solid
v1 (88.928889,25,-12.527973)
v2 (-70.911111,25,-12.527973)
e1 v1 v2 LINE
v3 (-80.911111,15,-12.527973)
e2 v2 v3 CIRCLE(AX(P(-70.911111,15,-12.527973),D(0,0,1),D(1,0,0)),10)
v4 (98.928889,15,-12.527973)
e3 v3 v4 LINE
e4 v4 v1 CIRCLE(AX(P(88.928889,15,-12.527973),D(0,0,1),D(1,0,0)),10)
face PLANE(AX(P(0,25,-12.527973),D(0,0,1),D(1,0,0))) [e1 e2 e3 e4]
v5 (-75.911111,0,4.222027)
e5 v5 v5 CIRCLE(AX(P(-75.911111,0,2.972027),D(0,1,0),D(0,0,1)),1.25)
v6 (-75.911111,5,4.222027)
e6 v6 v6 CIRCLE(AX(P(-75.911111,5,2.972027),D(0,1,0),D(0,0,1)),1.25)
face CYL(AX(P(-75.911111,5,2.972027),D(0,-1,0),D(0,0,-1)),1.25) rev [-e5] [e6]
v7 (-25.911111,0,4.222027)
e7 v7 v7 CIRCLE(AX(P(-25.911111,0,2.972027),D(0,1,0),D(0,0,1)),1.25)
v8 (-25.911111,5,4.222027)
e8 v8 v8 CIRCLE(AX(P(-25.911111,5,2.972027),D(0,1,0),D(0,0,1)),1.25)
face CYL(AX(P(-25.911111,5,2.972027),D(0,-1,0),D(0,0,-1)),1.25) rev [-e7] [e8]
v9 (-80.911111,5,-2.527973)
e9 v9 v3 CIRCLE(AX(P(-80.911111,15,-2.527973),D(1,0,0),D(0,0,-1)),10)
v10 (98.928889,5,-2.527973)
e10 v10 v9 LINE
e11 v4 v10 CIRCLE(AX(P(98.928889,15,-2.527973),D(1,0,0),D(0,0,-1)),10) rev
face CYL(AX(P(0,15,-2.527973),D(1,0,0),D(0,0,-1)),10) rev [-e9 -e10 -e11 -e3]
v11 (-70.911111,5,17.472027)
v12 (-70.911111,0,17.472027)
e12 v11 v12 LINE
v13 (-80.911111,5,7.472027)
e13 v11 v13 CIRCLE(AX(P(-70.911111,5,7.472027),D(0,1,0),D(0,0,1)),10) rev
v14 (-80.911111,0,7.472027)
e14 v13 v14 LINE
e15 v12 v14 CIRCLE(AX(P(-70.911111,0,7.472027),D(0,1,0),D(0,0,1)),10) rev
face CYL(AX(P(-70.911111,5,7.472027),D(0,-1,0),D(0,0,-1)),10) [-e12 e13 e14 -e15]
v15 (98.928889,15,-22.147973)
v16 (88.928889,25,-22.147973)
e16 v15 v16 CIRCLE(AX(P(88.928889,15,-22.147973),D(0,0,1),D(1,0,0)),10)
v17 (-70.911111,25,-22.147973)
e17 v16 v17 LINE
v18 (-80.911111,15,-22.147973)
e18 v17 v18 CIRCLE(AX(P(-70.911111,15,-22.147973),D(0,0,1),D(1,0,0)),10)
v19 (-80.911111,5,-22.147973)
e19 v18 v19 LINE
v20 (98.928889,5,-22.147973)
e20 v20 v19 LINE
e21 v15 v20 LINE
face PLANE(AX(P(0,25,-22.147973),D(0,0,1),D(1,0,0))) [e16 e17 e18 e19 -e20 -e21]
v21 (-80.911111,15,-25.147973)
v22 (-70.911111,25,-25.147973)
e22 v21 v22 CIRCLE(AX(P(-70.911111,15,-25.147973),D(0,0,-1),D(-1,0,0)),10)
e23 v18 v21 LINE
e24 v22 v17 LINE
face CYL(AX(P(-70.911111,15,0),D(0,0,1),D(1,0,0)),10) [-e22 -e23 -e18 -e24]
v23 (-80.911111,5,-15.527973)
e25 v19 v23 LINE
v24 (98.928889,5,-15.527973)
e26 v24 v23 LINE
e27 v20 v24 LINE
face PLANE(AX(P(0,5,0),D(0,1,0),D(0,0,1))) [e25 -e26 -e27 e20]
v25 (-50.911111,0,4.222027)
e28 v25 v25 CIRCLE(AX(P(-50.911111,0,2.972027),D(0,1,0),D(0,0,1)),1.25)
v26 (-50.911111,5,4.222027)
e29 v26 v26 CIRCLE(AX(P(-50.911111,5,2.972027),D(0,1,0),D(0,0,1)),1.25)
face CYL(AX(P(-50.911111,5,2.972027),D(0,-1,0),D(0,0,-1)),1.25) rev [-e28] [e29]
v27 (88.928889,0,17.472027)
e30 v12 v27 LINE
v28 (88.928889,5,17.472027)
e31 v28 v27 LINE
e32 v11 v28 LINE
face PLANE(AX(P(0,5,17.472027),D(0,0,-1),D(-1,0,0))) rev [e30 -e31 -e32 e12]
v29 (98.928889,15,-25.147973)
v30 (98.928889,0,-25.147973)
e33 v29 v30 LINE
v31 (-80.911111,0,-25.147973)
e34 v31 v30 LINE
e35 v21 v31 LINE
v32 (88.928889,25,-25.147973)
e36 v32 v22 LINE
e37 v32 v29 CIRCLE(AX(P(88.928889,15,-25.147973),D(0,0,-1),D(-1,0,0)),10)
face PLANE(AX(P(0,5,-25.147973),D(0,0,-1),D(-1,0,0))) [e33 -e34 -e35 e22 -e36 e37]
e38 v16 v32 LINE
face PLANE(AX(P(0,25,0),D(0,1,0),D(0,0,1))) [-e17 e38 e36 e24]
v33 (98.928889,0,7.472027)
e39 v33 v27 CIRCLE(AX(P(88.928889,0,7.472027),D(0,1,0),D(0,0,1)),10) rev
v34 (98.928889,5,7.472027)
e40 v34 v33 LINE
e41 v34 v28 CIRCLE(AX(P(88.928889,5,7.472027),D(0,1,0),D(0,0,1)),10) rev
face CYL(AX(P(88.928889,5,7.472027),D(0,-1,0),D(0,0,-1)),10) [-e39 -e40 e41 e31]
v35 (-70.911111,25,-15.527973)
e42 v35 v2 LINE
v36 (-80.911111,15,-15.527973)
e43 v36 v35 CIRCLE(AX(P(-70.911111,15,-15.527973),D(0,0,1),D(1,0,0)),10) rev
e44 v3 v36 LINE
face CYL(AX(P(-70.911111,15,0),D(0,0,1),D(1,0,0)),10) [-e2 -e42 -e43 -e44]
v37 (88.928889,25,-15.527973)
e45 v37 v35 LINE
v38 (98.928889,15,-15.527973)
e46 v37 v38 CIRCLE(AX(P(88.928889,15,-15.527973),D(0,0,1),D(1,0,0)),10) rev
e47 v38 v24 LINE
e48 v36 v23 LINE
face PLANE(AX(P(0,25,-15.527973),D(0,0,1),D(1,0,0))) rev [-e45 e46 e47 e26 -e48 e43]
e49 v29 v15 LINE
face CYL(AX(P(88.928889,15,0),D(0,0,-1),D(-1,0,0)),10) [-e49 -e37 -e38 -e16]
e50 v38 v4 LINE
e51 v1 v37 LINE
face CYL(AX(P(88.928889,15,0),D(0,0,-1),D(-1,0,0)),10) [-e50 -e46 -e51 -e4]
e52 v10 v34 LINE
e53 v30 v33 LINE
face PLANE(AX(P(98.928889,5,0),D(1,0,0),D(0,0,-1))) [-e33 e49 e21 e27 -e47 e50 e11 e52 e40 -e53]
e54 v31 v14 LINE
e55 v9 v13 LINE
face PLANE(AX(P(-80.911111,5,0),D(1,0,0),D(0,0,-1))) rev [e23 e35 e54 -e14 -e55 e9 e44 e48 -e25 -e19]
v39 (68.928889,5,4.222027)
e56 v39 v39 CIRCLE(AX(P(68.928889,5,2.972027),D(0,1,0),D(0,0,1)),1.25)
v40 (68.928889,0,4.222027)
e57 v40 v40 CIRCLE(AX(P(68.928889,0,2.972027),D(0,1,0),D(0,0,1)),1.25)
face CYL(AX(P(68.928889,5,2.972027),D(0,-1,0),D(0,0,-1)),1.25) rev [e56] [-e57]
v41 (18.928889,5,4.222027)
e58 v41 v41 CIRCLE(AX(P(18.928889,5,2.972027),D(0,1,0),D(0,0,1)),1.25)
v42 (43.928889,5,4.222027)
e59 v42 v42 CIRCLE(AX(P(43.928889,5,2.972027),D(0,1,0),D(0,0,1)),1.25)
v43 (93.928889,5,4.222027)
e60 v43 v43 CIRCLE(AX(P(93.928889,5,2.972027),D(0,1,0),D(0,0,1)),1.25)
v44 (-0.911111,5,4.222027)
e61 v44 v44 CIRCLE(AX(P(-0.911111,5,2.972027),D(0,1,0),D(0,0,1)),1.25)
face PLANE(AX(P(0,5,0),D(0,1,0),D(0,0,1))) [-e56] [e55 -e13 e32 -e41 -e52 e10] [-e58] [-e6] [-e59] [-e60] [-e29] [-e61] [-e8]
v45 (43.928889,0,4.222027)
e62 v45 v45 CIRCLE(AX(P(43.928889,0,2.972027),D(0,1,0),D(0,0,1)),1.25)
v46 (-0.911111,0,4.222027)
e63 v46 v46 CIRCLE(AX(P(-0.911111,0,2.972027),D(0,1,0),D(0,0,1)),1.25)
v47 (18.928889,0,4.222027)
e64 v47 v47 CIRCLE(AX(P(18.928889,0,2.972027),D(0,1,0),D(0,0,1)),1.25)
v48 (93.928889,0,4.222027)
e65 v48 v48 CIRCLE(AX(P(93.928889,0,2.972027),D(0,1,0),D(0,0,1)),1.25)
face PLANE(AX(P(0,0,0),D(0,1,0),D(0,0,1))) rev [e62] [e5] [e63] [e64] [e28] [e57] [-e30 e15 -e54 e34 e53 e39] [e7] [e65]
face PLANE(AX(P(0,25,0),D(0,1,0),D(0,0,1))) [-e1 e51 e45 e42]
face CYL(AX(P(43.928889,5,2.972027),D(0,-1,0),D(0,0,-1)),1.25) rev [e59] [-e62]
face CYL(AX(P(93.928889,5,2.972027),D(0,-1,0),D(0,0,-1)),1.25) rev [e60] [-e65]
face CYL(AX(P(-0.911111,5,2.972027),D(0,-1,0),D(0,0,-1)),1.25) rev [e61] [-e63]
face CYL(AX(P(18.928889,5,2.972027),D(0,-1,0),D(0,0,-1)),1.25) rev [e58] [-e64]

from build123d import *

# Parameters (mm, degrees)
SKETCH1_R           = 1.25
SKETCH1_W           = 179.84
SKETCH1_H           = 3
SKETCH1_H_2         = 6.62
BOSS_EXTRUDE1_DEPTH = 5
BOSS_EXTRUDE2_START = 5
SKETCH1_3_W         = 179.84
SKETCH1_3_H         = 3
BOSS_EXTRUDE2_DEPTH = 20
FILLET1_R           = 10
FILLET2_R           = 10


with BuildPart() as part:
    # Sketch1 → Boss-Extrude1 (new body)
    # profile 1 of 4: a face of its own
    with BuildSketch(Plane(origin=(0, 0, 0), x_dir=(1, 0, 0), z_dir=(0, 1, 0))):
        with BuildLine():
            Line((98.928888889, 12.527973461), (-80.911111111, 12.527973461))
            Line((-80.911111111, 12.527973461), (-80.911111111, -7.472026539))
            ThreePointArc((-80.911111111, -7.472026539), (-77.982178923, -14.543094351), (-70.911111111, -17.472026539))
            Line((-70.911111111, -17.472026539), (88.928888889, -17.472026539))
            ThreePointArc((88.928888889, -17.472026539), (95.999956701, -14.543094351), (98.928888889, -7.472026539))
            Line((98.928888889, -7.472026539), (98.928888889, 12.527973461))
        make_face()
        with Locations(Location((-75.911111111, -2.972026539, 0), (0, 0, 270))):
            Circle(SKETCH1_R, mode=Mode.SUBTRACT)
        with Locations(Location((-50.911111111, -2.972026539, 0), (0, 0, 270))):
            Circle(SKETCH1_R, mode=Mode.SUBTRACT)
        with Locations(Location((-25.911111111, -2.972026539, 0), (0, 0, 270))):
            Circle(SKETCH1_R, mode=Mode.SUBTRACT)
        with Locations(Location((-0.911111111, -2.972026539, 0), (0, 0, 270))):
            Circle(SKETCH1_R, mode=Mode.SUBTRACT)
        with Locations(Location((18.928888889, -2.972026539, 0), (0, 0, 270))):
            Circle(SKETCH1_R, mode=Mode.SUBTRACT)
        with Locations(Location((43.928888889, -2.972026539, 0), (0, 0, 270))):
            Circle(SKETCH1_R, mode=Mode.SUBTRACT)
        with Locations(Location((68.928888889, -2.972026539, 0), (0, 0, 270))):
            Circle(SKETCH1_R, mode=Mode.SUBTRACT)
        with Locations(Location((93.928888889, -2.972026539, 0), (0, 0, 270))):
            Circle(SKETCH1_R, mode=Mode.SUBTRACT)
    # profile 2 of 4: a face of its own
    with BuildSketch(Plane(origin=(0, 0, 0), x_dir=(1, 0, 0), z_dir=(0, 1, 0))):
        with Locations((9.008888889, 14.027973461)):
            Rectangle(SKETCH1_W, SKETCH1_H)
    # profile 3 of 4: a face of its own
    with BuildSketch(Plane(origin=(0, 0, 0), x_dir=(1, 0, 0), z_dir=(0, 1, 0))):
        with Locations((9.008888889, 18.837973461)):
            Rectangle(SKETCH1_W, SKETCH1_H_2)
    # profile 4 of 4: a face of its own
    with BuildSketch(Plane(origin=(0, 0, 0), x_dir=(1, 0, 0), z_dir=(0, 1, 0))):
        with Locations((9.008888889, 23.647973461)):
            Rectangle(SKETCH1_W, SKETCH1_H)
    extrude(amount=BOSS_EXTRUDE1_DEPTH)

    # Sketch1<3> → Boss-Extrude2 (add)
    with BuildSketch(Plane(origin=(0, 0, 0), x_dir=(1, 0, 0), z_dir=(0, 1, 0)).offset(BOSS_EXTRUDE2_START)):
        with Locations((9.008888889, 14.027973461)):
            Rectangle(SKETCH1_3_W, SKETCH1_3_H)
        with Locations((9.008888889, 23.647973461)):
            Rectangle(SKETCH1_3_W, SKETCH1_3_H)
    extrude(amount=BOSS_EXTRUDE2_DEPTH)

    # Fillet1
    fillet1_edges = [part.edges().sort_by_distance(p)[0] for p in [
        (9.008888889, 5, -12.527973461),
    ]]
    fillet(fillet1_edges, radius=FILLET1_R)

    # Fillet2
    fillet2_edges = [part.edges().sort_by_distance(p)[0] for p in [
        (-80.911111111, 25, -23.647973461),
        (-80.911111111, 25, -14.027973461),
        (98.928888889, 25, -14.027973461),
        (98.928888889, 25, -23.647973461),
    ]]
    fillet(fillet2_edges, radius=FILLET2_R)


solid = part.part
